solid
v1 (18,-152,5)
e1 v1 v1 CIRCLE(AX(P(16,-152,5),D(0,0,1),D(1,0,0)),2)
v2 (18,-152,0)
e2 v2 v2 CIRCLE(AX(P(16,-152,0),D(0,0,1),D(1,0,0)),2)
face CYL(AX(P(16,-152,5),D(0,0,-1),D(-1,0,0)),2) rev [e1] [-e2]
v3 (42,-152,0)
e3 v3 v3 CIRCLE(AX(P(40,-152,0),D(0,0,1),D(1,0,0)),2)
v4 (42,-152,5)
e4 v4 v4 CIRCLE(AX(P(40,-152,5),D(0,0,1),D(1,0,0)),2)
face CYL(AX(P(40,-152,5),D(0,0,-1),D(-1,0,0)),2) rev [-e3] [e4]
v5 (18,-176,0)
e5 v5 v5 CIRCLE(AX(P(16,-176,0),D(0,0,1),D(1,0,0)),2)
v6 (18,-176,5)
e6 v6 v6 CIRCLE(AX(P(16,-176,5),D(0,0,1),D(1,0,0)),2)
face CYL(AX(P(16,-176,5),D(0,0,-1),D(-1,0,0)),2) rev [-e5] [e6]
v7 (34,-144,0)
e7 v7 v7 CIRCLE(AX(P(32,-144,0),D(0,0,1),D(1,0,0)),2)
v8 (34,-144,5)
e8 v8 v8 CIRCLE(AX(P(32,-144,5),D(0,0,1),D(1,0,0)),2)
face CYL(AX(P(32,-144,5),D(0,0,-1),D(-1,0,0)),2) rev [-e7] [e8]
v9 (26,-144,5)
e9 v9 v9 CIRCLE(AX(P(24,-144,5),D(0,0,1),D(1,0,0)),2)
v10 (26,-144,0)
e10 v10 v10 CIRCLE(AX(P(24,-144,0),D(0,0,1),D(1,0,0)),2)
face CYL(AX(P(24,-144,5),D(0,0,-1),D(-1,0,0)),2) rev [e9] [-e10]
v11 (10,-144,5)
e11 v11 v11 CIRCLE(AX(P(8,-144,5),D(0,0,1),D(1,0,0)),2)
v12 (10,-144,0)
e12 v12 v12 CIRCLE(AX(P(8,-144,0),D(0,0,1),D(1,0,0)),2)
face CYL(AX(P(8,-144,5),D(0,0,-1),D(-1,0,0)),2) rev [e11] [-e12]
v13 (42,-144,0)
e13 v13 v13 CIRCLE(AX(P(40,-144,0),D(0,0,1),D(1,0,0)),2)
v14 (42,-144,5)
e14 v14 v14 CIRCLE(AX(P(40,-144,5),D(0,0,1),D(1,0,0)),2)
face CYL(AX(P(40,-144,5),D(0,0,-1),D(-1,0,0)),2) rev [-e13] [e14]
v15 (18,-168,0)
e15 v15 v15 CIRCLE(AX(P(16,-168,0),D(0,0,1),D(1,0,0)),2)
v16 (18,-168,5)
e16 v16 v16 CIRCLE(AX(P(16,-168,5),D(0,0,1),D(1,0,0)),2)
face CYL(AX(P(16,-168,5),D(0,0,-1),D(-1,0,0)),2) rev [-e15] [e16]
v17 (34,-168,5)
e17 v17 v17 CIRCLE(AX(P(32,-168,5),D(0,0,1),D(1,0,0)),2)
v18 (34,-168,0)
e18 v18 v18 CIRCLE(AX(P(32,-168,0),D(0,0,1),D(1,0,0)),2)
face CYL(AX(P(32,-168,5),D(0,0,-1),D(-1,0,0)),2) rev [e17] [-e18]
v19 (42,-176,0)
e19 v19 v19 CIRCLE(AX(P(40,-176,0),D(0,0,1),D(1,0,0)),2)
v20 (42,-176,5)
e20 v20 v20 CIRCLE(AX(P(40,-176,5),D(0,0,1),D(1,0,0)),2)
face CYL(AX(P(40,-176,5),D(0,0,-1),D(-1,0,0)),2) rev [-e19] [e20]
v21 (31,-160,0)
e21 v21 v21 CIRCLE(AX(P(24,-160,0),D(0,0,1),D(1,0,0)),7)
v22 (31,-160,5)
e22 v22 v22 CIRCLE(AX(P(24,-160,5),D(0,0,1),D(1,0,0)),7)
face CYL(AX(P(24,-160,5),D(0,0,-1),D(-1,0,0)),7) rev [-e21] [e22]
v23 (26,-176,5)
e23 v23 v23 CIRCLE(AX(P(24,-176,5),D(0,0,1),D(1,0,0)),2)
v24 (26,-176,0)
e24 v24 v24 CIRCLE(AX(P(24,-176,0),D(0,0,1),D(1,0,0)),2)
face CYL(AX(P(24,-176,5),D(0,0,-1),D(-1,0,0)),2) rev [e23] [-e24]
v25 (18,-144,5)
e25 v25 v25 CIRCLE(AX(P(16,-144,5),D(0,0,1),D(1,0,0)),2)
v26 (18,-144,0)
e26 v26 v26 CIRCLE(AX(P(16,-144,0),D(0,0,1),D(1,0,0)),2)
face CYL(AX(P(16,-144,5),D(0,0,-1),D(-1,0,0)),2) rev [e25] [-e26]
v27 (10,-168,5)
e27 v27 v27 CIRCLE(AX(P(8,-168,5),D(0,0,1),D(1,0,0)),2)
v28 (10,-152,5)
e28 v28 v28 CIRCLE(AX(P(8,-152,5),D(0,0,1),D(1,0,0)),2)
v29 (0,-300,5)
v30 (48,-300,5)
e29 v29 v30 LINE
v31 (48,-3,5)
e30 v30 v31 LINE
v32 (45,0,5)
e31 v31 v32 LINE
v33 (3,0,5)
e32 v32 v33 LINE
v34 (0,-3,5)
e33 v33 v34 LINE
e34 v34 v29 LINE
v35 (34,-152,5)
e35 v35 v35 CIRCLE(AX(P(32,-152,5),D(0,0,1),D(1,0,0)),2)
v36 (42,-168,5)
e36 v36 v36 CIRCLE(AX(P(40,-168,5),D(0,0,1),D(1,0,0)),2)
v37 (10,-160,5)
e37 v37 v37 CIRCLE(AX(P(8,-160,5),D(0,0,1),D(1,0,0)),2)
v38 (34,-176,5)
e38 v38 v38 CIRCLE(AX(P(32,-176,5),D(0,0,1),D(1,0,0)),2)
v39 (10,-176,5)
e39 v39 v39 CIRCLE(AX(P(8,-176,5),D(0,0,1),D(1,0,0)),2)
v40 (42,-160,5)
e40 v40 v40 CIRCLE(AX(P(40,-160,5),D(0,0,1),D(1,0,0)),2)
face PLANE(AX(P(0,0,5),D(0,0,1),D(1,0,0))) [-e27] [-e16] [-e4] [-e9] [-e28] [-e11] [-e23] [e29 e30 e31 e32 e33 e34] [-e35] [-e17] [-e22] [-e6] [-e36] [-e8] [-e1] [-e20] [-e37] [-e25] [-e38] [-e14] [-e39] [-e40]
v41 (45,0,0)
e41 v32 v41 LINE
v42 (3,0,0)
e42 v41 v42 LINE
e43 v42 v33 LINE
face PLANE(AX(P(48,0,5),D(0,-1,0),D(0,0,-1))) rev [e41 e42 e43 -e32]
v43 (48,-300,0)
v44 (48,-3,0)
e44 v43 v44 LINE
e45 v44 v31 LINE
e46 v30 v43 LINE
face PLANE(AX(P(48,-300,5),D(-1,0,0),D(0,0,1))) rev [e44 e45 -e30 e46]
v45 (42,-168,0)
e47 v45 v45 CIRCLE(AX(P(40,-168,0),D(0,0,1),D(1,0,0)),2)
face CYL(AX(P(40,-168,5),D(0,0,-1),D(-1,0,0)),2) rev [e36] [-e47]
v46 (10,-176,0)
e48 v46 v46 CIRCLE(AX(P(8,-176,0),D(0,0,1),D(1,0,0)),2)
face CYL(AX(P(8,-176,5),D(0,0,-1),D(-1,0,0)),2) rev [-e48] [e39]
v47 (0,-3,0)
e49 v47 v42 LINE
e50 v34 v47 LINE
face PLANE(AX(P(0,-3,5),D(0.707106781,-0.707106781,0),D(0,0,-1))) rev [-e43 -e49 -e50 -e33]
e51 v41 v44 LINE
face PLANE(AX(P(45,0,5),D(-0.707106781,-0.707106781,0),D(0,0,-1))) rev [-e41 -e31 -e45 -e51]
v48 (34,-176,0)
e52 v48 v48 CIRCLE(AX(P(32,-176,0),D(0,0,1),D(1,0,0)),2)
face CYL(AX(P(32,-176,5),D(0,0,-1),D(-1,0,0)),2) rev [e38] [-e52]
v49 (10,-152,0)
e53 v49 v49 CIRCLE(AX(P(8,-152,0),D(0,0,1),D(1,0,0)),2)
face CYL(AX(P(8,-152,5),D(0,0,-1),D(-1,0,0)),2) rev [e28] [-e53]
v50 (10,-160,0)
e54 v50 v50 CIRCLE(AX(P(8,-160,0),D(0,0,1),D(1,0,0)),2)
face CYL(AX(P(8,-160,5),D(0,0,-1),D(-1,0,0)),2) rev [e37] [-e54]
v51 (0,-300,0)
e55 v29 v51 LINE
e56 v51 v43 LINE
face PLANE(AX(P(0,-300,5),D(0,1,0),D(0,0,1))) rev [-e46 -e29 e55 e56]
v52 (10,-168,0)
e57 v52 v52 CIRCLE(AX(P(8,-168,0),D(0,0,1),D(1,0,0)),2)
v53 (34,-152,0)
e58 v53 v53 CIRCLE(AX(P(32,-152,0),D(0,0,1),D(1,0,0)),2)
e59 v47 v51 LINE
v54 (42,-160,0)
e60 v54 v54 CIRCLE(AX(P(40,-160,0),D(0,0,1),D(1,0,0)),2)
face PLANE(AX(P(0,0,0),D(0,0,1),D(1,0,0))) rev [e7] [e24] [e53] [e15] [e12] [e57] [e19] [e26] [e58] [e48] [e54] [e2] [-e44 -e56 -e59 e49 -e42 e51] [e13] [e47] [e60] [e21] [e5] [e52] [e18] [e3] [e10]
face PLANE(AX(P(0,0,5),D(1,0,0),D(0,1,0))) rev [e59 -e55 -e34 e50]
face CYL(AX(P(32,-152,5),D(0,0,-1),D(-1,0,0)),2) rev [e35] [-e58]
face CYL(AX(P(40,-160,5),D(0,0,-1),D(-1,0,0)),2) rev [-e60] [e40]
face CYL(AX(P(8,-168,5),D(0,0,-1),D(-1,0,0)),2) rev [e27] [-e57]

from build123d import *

# Parameters (mm, degrees)
SKETCH1_W           = 48
SKETCH1_H           = 300
SKETCH1_R           = 7
SKETCH1_R_2         = 2
BOSS_EXTRUDE1_DEPTH = 5
CHAMFER1_SIZE       = 3


with BuildPart() as part:
    # Sketch1 → Boss-Extrude1 (new body)
    with BuildSketch(Plane.XY):
        with Locations((24, -150)):
            Rectangle(SKETCH1_W, SKETCH1_H)
        with Locations((24, -160)):
            Circle(SKETCH1_R, mode=Mode.SUBTRACT)
        with Locations((8, -144)):
            Circle(SKETCH1_R_2, mode=Mode.SUBTRACT)
        with Locations((16, -144)):
            Circle(SKETCH1_R_2, mode=Mode.SUBTRACT)
        with Locations((24, -144)):
            Circle(SKETCH1_R_2, mode=Mode.SUBTRACT)
        with Locations((32, -144)):
            Circle(SKETCH1_R_2, mode=Mode.SUBTRACT)
        with Locations((40, -144)):
            Circle(SKETCH1_R_2, mode=Mode.SUBTRACT)
        with Locations((16, -152)):
            Circle(SKETCH1_R_2, mode=Mode.SUBTRACT)
        with Locations((32, -152)):
            Circle(SKETCH1_R_2, mode=Mode.SUBTRACT)
        with Locations((40, -152)):
            Circle(SKETCH1_R_2, mode=Mode.SUBTRACT)
        with Locations((40, -160)):
            Circle(SKETCH1_R_2, mode=Mode.SUBTRACT)
        with Locations((16, -168)):
            Circle(SKETCH1_R_2, mode=Mode.SUBTRACT)
        with Locations((32, -168)):
            Circle(SKETCH1_R_2, mode=Mode.SUBTRACT)
        with Locations((40, -168)):
            Circle(SKETCH1_R_2, mode=Mode.SUBTRACT)
        with Locations((16, -176)):
            Circle(SKETCH1_R_2, mode=Mode.SUBTRACT)
        with Locations((24, -176)):
            Circle(SKETCH1_R_2, mode=Mode.SUBTRACT)
        with Locations((32, -176)):
            Circle(SKETCH1_R_2, mode=Mode.SUBTRACT)
        with Locations((40, -176)):
            Circle(SKETCH1_R_2, mode=Mode.SUBTRACT)
        with Locations((8, -152)):
            Circle(SKETCH1_R_2, mode=Mode.SUBTRACT)
        with Locations((8, -160)):
            Circle(SKETCH1_R_2, mode=Mode.SUBTRACT)
        with Locations((8, -168)):
            Circle(SKETCH1_R_2, mode=Mode.SUBTRACT)
        with Locations((8, -176)):
            Circle(SKETCH1_R_2, mode=Mode.SUBTRACT)
    extrude(amount=BOSS_EXTRUDE1_DEPTH)

    # Chamfer1
    chamfer1_edges = [part.edges().sort_by_distance(p)[0] for p in [
        (48, 0, 2.5),
        (0, 0, 2.5),
    ]]
    chamfer(chamfer1_edges, length=CHAMFER1_SIZE)


solid = part.part
